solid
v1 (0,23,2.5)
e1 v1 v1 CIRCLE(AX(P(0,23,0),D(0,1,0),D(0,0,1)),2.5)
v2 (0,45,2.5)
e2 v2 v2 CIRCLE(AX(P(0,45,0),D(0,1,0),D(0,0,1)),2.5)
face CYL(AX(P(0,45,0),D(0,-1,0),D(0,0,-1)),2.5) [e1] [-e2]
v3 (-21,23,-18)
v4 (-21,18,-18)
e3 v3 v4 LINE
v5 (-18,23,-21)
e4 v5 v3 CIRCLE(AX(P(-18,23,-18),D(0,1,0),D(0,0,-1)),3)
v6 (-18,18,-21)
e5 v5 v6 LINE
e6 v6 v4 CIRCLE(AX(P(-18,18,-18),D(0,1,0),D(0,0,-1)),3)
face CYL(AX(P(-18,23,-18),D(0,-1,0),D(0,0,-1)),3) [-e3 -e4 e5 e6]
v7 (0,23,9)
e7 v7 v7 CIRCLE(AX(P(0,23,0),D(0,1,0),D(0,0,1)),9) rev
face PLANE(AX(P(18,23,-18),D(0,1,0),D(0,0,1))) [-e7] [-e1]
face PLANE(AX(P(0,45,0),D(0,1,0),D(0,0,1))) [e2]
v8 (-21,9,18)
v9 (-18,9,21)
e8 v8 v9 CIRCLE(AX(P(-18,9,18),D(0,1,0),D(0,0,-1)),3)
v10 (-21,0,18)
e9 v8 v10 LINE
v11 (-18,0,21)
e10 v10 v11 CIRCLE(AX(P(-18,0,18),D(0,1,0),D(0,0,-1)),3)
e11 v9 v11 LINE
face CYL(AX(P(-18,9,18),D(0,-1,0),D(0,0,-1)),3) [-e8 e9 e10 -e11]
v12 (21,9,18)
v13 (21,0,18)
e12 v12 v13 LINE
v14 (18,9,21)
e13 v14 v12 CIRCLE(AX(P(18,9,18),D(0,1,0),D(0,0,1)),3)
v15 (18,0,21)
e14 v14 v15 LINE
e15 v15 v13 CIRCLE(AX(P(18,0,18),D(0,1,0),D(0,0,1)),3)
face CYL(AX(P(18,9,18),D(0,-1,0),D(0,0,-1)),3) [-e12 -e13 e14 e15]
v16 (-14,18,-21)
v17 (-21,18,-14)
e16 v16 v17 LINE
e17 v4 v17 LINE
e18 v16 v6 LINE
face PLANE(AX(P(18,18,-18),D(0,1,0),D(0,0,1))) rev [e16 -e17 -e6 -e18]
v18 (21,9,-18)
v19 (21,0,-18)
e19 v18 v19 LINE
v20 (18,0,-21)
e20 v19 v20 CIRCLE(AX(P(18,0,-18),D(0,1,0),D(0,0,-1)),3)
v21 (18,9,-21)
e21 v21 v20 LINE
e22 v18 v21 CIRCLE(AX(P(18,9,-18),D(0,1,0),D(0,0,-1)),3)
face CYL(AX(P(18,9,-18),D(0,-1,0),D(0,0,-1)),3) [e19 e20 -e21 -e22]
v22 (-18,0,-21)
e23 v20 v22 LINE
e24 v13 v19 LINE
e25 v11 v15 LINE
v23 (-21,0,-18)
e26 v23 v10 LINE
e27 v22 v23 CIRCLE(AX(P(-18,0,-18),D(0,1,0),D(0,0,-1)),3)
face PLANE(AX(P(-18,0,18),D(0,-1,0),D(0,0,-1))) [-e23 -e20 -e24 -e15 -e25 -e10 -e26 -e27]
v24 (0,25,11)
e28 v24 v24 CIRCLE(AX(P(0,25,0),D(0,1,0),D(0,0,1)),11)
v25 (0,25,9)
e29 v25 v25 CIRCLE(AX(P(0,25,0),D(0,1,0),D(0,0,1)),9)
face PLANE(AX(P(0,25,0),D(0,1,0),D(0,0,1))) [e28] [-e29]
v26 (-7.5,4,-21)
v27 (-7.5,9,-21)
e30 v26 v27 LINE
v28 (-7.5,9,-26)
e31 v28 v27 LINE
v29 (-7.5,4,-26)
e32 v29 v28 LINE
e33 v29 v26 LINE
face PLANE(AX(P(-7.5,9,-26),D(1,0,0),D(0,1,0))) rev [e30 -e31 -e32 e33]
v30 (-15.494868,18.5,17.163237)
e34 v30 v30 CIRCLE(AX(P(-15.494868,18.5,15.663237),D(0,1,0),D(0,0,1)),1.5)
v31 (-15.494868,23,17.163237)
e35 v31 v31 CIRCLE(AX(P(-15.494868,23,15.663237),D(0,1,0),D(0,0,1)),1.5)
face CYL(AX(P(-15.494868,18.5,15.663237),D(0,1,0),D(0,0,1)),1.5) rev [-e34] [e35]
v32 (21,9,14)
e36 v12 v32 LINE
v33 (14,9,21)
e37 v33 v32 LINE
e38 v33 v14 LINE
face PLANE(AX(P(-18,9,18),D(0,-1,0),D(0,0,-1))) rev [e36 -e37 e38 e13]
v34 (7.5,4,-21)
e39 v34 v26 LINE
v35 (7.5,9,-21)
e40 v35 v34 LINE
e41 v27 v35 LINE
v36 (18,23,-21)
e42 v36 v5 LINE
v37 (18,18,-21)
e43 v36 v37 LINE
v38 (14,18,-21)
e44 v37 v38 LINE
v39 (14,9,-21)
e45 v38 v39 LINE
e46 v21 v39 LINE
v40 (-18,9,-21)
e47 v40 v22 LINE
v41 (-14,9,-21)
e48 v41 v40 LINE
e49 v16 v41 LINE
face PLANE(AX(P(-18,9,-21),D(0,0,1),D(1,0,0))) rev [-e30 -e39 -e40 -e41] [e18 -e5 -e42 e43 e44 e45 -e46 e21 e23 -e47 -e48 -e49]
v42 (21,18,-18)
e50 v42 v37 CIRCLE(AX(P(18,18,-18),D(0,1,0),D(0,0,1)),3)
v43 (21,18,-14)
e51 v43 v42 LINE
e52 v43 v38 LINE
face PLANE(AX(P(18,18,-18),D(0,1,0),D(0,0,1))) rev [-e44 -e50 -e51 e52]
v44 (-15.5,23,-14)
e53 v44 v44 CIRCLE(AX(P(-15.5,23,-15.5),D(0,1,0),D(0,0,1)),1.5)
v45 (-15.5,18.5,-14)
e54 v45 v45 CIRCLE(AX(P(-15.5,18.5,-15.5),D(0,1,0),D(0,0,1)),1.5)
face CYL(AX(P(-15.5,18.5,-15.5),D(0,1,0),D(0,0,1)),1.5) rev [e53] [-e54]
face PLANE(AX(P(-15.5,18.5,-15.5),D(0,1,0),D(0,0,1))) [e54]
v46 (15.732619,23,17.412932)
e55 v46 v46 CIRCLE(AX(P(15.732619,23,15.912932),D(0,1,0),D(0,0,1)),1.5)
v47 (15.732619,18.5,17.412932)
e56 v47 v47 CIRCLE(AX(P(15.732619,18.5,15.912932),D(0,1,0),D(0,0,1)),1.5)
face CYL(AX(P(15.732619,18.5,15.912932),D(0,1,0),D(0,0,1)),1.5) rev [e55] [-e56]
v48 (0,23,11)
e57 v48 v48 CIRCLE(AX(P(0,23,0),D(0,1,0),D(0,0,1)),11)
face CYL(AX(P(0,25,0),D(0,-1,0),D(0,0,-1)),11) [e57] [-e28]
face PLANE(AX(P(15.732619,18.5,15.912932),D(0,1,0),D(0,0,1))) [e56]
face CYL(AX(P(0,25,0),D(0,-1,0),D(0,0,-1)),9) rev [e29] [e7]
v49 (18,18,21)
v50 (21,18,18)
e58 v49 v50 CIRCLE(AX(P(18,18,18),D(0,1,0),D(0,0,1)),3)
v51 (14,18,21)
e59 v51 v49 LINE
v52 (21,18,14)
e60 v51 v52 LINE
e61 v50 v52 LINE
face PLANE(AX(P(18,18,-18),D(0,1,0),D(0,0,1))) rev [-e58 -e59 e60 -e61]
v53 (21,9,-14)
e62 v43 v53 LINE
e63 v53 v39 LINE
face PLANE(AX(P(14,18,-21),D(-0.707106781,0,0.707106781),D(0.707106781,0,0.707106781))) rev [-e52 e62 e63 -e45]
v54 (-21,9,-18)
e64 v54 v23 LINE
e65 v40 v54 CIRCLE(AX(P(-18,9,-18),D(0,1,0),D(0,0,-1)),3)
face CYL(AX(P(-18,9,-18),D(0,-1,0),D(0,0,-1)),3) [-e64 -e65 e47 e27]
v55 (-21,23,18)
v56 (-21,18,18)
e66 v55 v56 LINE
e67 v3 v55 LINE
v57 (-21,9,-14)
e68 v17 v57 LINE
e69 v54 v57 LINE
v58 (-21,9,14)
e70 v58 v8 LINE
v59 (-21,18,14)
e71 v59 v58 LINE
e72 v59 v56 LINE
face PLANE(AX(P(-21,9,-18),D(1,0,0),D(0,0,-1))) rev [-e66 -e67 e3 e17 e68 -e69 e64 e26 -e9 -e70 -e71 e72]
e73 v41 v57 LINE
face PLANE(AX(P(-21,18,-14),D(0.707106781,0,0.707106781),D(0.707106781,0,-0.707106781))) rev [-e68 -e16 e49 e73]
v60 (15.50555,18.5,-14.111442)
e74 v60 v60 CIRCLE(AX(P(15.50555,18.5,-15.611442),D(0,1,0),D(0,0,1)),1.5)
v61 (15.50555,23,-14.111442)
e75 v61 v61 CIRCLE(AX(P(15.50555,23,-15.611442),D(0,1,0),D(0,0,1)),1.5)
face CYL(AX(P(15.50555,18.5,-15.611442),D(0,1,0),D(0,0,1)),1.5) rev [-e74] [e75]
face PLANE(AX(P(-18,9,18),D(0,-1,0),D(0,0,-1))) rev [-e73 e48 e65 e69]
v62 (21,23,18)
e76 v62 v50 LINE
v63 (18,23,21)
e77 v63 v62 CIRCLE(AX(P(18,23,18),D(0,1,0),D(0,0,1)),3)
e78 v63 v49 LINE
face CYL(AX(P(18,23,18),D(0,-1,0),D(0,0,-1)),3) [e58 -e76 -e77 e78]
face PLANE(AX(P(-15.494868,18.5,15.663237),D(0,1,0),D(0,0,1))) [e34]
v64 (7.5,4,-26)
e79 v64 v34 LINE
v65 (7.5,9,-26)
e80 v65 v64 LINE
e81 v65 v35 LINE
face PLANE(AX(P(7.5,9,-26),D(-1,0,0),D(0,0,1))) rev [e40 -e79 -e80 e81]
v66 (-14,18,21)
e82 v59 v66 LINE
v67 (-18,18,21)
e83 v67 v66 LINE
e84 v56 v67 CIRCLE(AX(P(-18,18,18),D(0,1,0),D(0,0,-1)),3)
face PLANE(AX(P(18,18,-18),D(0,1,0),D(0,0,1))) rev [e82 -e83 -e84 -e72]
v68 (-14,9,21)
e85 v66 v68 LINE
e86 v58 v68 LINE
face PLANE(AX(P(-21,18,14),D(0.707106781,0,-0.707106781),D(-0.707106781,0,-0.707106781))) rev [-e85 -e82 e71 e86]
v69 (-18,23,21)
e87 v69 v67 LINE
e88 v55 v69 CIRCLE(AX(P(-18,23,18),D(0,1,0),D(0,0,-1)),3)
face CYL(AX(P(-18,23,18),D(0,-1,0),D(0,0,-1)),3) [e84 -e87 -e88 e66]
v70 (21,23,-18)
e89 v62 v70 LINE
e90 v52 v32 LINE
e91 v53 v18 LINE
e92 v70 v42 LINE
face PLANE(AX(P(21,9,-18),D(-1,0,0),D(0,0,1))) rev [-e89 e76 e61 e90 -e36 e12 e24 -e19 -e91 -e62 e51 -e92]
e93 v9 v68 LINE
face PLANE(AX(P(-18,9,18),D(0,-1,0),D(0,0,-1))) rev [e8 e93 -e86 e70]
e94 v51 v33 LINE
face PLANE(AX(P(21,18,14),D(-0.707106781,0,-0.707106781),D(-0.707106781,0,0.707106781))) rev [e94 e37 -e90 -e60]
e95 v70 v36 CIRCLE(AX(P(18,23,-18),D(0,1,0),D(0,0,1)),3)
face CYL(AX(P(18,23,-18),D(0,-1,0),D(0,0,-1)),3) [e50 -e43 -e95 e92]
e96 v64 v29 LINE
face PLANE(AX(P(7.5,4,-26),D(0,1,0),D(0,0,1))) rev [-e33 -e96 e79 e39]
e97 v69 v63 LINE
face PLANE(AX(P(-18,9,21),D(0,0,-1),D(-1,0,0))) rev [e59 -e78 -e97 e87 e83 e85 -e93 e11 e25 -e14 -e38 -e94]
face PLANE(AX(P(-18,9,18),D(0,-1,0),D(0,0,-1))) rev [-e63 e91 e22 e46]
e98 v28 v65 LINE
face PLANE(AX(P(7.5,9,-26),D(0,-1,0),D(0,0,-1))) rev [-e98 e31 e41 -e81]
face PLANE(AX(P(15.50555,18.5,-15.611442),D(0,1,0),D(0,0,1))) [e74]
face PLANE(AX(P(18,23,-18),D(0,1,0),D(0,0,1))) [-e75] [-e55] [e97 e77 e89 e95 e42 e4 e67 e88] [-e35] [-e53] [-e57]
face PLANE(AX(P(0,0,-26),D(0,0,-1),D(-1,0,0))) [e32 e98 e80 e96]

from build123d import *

# Parameters (mm, degrees)
BOSS_EXTRUDE1_DEPTH = 9
BOSS_EXTRUDE2_DEPTH = 9
BOSS_EXTRUDE3_DEPTH = 5
SKETCH5_R           = 11
SKETCH5_R_2         = 9
BOSS_EXTRUDE4_DEPTH = 2
SKETCH6_R           = 2.5
BOSS_EXTRUDE5_DEPTH = 22
SKETCH7_R           = 1.5
CUT_EXTRUDE1_DEPTH  = 4.5
SKETCH9_W           = 15
SKETCH9_H           = 5
BOSS_EXTRUDE6_DEPTH = 5


with BuildPart() as part:
    # Sketch2 → Boss-Extrude1 (new body)
    with BuildSketch(Plane(origin=(0, 0, 0), x_dir=(1, 0, 0), z_dir=(0, 1, 0))):
        with BuildLine():
            Line((-18, 21), (18, 21))
            ThreePointArc((18, 21), (20.121320344, 20.121320344), (21, 18))
            Line((21, 18), (21, -18))
            ThreePointArc((21, -18), (20.121320344, -20.121320344), (18, -21))
            Line((18, -21), (-18, -21))
            ThreePointArc((-18, -21), (-20.121320344, -20.121320344), (-21, -18))
            Line((-21, -18), (-21, 18))
            ThreePointArc((-21, 18), (-20.121320344, 20.121320344), (-18, 21))
        make_face()
    extrude(amount=BOSS_EXTRUDE1_DEPTH)

    # Sketch3 → Boss-Extrude2 (add)
    with BuildSketch(Plane(origin=(0, 9, 0), x_dir=(1, 0, 0), z_dir=(0, 1, 0))):
        Polygon((-21, 14), (-14, 21), (14, 21), (21, 14), (21, -14), (14, -21), (-14, -21), (-21, -14), align=None)
    extrude(amount=BOSS_EXTRUDE2_DEPTH)

    # Sketch4 → Boss-Extrude3 (add)
    with BuildSketch(Plane(origin=(0, 18, 0), x_dir=(1, 0, 0), z_dir=(0, 1, 0))):
        with BuildLine():
            Line((-18, 21), (18, 21))
            ThreePointArc((18, 21), (20.121320344, 20.121320344), (21, 18))
            Line((21, 18), (21, -18))
            ThreePointArc((21, -18), (20.121320344, -20.121320344), (18, -21))
            Line((18, -21), (-18, -21))
            ThreePointArc((-18, -21), (-20.121320344, -20.121320344), (-21, -18))
            Line((-21, -18), (-21, 18))
            ThreePointArc((-21, 18), (-20.121320344, 20.121320344), (-18, 21))
        make_face()
    extrude(amount=BOSS_EXTRUDE3_DEPTH)

    # Sketch5 → Boss-Extrude4 (add)
    with BuildSketch(Plane(origin=(0, 23, 0), x_dir=(1, 0, 0), z_dir=(0, 1, 0))):
        with Locations(Location((0, 0, 0), (0, 0, 270))):
            Circle(SKETCH5_R)
        with Locations(Location((0, 0, 0), (0, 0, 270))):
            Circle(SKETCH5_R_2, mode=Mode.SUBTRACT)
    extrude(amount=BOSS_EXTRUDE4_DEPTH)

    # Sketch6 → Boss-Extrude5 (add)
    with BuildSketch(Plane(origin=(0, 23, 0), x_dir=(1, 0, 0), z_dir=(0, 1, 0))):
        with Locations(Location((0, 0, 0), (0, 0, 270))):
            Circle(SKETCH6_R)
    extrude(amount=BOSS_EXTRUDE5_DEPTH)

    # Sketch7 → Cut-Extrude1 (cut)
    with BuildSketch(Plane(origin=(0, 23, 0), x_dir=(1, 0, 0), z_dir=(0, 1, 0))):
        with Locations(Location((-15.5, 15.5, 0), (0, 0, 270))):
            Circle(SKETCH7_R)
        with Locations(Location((15.505550331, 15.61144176, 0), (0, 0, 270))):
            Circle(SKETCH7_R)
        with Locations(Location((15.732618971, -15.912931541, 0), (0, 0, 270))):
            Circle(SKETCH7_R)
        with Locations(Location((-15.494867745, -15.663236697, 0), (0, 0, 270))):
            Circle(SKETCH7_R)
    extrude(amount=-CUT_EXTRUDE1_DEPTH, mode=Mode.SUBTRACT)

    # Sketch9 → Boss-Extrude6 (add)
    with BuildSketch(Plane(origin=(0, 0, -21), x_dir=(-1, 0, 0), z_dir=(0, 0, -1))):
        with Locations((0, 6.5)):
            Rectangle(SKETCH9_W, SKETCH9_H)
    extrude(amount=BOSS_EXTRUDE6_DEPTH)


solid = part.part
